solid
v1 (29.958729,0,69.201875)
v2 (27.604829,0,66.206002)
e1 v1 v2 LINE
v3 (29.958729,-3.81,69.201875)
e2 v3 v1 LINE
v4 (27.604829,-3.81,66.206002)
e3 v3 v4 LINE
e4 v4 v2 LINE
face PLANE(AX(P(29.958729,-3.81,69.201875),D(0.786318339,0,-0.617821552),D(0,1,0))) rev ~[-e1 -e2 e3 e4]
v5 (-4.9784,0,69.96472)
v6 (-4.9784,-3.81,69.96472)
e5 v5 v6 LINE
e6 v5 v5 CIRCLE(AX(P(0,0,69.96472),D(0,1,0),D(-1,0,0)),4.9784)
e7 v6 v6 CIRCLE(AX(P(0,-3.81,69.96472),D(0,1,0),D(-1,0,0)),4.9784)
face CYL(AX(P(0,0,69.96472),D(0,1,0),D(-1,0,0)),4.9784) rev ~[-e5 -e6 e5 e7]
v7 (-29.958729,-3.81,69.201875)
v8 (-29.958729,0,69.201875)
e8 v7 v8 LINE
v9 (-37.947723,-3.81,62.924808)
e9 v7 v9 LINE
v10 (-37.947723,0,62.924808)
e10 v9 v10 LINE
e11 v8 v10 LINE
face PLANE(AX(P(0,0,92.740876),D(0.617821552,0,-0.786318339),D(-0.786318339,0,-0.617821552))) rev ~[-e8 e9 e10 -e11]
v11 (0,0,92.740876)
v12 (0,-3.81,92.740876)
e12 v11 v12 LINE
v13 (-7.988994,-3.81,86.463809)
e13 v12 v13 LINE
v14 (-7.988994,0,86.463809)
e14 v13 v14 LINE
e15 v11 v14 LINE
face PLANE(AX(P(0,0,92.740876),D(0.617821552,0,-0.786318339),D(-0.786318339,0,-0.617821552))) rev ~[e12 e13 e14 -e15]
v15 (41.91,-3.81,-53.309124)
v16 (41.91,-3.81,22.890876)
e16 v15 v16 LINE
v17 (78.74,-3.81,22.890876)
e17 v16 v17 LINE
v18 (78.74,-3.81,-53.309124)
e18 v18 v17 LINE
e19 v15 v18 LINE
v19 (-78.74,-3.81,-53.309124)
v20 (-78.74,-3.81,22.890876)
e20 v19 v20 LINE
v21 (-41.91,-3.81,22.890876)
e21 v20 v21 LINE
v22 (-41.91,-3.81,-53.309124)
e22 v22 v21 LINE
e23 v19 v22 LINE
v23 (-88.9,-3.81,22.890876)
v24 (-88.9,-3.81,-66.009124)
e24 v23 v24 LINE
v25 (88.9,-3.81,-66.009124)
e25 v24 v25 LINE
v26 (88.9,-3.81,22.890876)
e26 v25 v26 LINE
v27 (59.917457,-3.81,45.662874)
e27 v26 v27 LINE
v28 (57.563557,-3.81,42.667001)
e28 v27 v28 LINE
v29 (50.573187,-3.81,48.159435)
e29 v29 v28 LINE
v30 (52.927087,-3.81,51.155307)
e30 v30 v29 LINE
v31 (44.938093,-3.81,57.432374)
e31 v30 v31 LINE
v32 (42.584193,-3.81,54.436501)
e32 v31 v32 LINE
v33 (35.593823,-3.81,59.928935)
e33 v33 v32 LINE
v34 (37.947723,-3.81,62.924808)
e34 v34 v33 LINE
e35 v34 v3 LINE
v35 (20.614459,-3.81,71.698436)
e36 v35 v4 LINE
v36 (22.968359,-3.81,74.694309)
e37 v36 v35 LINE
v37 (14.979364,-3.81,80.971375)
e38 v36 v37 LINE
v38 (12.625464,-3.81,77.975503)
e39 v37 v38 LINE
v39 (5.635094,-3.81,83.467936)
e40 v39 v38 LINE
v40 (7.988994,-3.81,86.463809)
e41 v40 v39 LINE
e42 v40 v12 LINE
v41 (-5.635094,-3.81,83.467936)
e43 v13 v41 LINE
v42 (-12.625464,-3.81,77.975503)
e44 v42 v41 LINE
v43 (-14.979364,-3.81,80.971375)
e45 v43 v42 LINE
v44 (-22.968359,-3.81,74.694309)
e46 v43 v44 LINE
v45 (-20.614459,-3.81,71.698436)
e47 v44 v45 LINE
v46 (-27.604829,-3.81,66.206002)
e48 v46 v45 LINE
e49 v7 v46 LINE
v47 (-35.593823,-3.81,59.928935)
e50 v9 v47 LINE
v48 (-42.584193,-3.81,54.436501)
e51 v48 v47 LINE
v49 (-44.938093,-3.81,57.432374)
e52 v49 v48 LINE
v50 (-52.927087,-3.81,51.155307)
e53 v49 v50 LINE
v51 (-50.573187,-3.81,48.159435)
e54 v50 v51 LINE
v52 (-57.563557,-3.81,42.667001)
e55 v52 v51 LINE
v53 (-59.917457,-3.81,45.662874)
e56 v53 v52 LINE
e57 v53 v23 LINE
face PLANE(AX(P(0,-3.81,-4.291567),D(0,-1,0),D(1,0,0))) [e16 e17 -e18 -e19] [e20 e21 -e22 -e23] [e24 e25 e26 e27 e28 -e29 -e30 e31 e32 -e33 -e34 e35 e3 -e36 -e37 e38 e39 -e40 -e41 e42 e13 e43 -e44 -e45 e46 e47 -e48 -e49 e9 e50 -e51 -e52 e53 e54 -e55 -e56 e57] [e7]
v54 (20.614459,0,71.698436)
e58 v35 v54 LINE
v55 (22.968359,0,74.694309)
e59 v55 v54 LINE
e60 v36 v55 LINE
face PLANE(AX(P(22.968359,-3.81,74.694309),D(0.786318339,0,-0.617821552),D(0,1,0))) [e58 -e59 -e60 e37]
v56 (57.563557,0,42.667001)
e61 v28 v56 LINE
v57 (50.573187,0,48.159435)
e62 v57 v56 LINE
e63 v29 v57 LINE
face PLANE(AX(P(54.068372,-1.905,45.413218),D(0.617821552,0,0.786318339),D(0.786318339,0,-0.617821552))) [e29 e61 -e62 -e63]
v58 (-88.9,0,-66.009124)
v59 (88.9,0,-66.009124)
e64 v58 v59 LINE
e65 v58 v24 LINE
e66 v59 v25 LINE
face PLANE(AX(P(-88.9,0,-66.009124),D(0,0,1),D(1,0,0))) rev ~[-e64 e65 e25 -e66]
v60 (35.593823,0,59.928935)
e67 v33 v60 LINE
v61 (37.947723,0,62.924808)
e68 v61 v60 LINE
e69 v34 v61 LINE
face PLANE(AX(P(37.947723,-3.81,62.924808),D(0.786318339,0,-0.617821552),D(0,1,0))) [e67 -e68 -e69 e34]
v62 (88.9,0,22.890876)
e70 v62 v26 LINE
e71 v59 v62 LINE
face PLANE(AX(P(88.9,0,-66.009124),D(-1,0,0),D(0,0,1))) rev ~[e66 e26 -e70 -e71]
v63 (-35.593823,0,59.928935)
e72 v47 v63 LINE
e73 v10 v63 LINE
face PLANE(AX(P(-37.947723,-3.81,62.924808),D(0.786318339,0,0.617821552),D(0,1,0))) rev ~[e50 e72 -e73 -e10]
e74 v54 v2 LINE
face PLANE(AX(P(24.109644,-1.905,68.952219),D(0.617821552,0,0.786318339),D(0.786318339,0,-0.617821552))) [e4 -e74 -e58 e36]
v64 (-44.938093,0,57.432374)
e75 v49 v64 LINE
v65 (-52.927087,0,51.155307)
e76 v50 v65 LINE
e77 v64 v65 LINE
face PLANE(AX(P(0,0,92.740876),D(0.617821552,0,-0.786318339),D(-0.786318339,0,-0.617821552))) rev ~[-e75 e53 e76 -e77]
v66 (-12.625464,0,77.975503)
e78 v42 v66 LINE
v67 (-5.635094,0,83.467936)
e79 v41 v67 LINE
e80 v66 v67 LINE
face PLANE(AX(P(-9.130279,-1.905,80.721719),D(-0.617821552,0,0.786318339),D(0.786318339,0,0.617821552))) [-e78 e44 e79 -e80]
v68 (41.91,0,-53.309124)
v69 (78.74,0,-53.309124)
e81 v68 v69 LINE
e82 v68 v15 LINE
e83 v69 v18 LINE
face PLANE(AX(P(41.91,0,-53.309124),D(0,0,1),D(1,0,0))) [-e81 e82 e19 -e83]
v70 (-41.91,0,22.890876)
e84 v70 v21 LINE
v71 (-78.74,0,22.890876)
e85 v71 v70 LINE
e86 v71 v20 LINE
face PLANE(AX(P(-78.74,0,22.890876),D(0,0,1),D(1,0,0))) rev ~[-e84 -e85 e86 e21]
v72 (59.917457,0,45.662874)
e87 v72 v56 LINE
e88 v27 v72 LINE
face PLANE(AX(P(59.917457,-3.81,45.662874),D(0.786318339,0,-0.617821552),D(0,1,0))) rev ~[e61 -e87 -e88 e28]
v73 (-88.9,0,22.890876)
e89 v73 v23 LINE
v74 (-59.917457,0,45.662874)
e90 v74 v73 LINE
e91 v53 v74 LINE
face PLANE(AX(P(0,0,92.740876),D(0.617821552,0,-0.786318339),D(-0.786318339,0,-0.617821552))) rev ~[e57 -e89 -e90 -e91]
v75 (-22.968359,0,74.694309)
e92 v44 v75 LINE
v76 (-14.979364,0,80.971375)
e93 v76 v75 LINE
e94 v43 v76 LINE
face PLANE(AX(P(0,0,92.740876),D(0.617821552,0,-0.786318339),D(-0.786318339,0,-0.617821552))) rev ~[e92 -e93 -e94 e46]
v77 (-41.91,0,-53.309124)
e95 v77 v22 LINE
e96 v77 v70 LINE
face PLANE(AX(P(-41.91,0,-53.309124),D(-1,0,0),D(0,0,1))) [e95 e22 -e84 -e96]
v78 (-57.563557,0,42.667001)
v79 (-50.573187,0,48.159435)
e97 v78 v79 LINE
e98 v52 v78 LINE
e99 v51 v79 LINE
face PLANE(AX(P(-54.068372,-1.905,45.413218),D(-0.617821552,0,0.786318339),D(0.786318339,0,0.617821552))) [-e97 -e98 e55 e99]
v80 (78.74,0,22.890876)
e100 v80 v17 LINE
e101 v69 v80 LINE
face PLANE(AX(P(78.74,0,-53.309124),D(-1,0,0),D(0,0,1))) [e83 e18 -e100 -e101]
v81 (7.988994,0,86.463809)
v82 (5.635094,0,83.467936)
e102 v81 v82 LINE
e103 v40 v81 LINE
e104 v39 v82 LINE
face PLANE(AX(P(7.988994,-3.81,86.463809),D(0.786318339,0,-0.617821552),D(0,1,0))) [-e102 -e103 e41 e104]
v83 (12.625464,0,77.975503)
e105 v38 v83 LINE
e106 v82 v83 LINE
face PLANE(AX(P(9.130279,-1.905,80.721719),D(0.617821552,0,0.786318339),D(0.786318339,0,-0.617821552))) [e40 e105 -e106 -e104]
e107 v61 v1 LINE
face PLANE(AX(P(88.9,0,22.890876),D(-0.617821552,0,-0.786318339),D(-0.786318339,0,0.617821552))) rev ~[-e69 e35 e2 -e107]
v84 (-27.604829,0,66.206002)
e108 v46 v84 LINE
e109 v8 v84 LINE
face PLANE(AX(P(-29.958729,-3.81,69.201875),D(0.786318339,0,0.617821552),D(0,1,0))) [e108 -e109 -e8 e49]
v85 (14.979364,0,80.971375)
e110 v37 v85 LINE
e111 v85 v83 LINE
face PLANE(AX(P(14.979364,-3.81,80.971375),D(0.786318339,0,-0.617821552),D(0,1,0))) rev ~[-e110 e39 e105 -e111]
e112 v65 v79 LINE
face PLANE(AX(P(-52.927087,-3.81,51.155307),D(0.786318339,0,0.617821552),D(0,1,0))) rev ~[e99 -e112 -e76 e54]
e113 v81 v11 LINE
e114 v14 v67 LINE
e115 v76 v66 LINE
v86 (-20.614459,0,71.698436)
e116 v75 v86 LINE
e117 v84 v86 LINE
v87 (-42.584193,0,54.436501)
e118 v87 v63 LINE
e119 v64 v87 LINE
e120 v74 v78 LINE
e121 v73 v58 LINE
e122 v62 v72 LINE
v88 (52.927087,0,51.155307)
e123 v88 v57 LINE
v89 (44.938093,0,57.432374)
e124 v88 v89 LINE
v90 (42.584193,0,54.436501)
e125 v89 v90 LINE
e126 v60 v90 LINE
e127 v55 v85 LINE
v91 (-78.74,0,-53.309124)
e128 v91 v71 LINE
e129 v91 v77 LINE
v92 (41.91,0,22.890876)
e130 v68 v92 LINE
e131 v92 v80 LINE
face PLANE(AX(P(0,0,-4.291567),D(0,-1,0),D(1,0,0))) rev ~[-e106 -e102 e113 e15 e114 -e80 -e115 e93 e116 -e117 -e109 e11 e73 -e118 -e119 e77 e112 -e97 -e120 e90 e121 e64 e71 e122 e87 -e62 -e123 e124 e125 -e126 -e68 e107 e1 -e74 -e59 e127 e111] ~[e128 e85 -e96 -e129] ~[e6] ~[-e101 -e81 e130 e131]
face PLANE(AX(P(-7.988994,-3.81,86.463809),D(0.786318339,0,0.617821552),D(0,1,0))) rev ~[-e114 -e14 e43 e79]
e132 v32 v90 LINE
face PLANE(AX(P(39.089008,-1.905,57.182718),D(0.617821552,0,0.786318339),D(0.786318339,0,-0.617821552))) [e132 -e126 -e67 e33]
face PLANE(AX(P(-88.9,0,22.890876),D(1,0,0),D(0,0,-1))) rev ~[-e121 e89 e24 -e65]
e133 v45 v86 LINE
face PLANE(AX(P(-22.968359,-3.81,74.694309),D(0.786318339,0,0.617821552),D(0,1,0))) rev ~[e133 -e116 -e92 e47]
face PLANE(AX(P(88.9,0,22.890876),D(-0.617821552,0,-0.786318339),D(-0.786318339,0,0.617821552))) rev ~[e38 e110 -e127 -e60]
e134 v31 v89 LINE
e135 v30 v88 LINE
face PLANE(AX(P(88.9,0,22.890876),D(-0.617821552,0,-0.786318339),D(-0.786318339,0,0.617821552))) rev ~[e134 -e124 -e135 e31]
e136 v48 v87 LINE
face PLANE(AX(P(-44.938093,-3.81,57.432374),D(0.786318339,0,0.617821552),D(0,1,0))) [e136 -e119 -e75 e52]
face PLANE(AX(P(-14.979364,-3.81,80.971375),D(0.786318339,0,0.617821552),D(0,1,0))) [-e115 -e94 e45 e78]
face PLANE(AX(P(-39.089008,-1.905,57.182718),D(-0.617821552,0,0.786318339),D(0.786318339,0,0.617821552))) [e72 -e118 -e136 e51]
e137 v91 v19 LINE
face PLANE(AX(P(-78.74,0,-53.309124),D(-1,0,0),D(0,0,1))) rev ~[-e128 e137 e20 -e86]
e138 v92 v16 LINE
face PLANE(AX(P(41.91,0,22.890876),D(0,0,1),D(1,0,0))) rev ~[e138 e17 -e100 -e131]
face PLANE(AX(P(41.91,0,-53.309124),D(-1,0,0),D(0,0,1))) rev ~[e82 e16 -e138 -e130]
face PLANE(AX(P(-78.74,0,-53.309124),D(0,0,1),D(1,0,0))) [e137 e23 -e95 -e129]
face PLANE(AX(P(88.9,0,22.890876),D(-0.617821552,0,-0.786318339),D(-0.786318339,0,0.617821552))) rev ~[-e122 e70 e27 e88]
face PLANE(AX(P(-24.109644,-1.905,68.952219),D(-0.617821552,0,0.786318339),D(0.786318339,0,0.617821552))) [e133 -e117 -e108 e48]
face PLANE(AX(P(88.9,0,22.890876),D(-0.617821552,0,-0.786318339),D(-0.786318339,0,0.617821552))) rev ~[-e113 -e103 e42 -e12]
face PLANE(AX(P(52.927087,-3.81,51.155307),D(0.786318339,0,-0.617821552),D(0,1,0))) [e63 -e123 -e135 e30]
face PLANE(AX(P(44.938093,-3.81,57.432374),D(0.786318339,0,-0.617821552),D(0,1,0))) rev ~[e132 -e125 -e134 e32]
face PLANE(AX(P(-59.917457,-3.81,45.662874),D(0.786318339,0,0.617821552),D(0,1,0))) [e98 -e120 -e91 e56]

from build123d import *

# Parameters (mm, degrees)
F0_W     = 36.83
F0_H     = 76.2
F1_DEPTH = 3.81
F2_W     = 8.89
F2_H     = 3.81
F3_DEPTH = 3.81
F4_W     = 8.89
F4_H     = 3.81
F5_DEPTH = 3.81
F6_R     = 4.9784
F7_DEPTH = 3.81


with BuildPart() as f1:
    # F0 (on Front) → F1 (new body)
    with BuildSketch(Plane.XZ):
        Polygon((-88.9, -66.0091239631), (0, -66.0091239631), (88.9, -66.0091239631), (88.9, 22.8908760369), (0, 92.7408760369), (-88.9, 22.8908760369), align=None)
        with Locations((-60.325, -15.2091239631)):
            Rectangle(F0_W, F0_H, mode=Mode.SUBTRACT)
        with Locations((60.325, -15.2091239631)):
            Rectangle(F0_W, F0_H, mode=Mode.SUBTRACT)
    extrude(amount=F1_DEPTH)

    # F2 (on face) → F3 (cut)
    with BuildSketch(Plane(origin=(-45.0539271599, 0, 57.3413618398), x_dir=(0.7863183388, 0, 0.6178215519), z_dir=(-0.6178215519, 0, 0.7863183388))):
        with Locations((-14.4576880394, -1.905)):
            Rectangle(F2_W, F2_H)
        with Locations((23.6423119606, -1.905)):
            Rectangle(F2_W, F2_H)
        with Locations((42.6923119606, -1.905)):
            Rectangle(F2_W, F2_H)
        with Locations((4.5923119606, -1.905)):
            Rectangle(F2_W, F2_H)
    extrude(amount=-F3_DEPTH, mode=Mode.SUBTRACT)

    # F4 (on face) → F5 (cut)
    with BuildSketch(Plane(origin=(45.0539271599, 0, 57.3413618398), x_dir=(0.7863183388, 0, -0.6178215519), z_dir=(0.6178215519, 0, 0.7863183388))):
        with Locations((-42.6923119606, -1.905)):
            Rectangle(F4_W, F4_H)
        with Locations((-23.6423119606, -1.905)):
            Rectangle(F4_W, F4_H)
        with Locations((-4.5923119606, -1.905)):
            Rectangle(F4_W, F4_H)
        with Locations((14.4576880394, -1.905)):
            Rectangle(F4_W, F4_H)
    extrude(amount=-F5_DEPTH, mode=Mode.SUBTRACT)

    # F6 (on face) → F7 (cut)
    with BuildSketch(Plane(origin=(0, 0, 0), x_dir=(-1, 0, 0), z_dir=(0, 1, 0))):
        with Locations((0, 69.9647201129)):
            Circle(F6_R)
    extrude(amount=-F7_DEPTH, mode=Mode.SUBTRACT)


solid = f1.part
